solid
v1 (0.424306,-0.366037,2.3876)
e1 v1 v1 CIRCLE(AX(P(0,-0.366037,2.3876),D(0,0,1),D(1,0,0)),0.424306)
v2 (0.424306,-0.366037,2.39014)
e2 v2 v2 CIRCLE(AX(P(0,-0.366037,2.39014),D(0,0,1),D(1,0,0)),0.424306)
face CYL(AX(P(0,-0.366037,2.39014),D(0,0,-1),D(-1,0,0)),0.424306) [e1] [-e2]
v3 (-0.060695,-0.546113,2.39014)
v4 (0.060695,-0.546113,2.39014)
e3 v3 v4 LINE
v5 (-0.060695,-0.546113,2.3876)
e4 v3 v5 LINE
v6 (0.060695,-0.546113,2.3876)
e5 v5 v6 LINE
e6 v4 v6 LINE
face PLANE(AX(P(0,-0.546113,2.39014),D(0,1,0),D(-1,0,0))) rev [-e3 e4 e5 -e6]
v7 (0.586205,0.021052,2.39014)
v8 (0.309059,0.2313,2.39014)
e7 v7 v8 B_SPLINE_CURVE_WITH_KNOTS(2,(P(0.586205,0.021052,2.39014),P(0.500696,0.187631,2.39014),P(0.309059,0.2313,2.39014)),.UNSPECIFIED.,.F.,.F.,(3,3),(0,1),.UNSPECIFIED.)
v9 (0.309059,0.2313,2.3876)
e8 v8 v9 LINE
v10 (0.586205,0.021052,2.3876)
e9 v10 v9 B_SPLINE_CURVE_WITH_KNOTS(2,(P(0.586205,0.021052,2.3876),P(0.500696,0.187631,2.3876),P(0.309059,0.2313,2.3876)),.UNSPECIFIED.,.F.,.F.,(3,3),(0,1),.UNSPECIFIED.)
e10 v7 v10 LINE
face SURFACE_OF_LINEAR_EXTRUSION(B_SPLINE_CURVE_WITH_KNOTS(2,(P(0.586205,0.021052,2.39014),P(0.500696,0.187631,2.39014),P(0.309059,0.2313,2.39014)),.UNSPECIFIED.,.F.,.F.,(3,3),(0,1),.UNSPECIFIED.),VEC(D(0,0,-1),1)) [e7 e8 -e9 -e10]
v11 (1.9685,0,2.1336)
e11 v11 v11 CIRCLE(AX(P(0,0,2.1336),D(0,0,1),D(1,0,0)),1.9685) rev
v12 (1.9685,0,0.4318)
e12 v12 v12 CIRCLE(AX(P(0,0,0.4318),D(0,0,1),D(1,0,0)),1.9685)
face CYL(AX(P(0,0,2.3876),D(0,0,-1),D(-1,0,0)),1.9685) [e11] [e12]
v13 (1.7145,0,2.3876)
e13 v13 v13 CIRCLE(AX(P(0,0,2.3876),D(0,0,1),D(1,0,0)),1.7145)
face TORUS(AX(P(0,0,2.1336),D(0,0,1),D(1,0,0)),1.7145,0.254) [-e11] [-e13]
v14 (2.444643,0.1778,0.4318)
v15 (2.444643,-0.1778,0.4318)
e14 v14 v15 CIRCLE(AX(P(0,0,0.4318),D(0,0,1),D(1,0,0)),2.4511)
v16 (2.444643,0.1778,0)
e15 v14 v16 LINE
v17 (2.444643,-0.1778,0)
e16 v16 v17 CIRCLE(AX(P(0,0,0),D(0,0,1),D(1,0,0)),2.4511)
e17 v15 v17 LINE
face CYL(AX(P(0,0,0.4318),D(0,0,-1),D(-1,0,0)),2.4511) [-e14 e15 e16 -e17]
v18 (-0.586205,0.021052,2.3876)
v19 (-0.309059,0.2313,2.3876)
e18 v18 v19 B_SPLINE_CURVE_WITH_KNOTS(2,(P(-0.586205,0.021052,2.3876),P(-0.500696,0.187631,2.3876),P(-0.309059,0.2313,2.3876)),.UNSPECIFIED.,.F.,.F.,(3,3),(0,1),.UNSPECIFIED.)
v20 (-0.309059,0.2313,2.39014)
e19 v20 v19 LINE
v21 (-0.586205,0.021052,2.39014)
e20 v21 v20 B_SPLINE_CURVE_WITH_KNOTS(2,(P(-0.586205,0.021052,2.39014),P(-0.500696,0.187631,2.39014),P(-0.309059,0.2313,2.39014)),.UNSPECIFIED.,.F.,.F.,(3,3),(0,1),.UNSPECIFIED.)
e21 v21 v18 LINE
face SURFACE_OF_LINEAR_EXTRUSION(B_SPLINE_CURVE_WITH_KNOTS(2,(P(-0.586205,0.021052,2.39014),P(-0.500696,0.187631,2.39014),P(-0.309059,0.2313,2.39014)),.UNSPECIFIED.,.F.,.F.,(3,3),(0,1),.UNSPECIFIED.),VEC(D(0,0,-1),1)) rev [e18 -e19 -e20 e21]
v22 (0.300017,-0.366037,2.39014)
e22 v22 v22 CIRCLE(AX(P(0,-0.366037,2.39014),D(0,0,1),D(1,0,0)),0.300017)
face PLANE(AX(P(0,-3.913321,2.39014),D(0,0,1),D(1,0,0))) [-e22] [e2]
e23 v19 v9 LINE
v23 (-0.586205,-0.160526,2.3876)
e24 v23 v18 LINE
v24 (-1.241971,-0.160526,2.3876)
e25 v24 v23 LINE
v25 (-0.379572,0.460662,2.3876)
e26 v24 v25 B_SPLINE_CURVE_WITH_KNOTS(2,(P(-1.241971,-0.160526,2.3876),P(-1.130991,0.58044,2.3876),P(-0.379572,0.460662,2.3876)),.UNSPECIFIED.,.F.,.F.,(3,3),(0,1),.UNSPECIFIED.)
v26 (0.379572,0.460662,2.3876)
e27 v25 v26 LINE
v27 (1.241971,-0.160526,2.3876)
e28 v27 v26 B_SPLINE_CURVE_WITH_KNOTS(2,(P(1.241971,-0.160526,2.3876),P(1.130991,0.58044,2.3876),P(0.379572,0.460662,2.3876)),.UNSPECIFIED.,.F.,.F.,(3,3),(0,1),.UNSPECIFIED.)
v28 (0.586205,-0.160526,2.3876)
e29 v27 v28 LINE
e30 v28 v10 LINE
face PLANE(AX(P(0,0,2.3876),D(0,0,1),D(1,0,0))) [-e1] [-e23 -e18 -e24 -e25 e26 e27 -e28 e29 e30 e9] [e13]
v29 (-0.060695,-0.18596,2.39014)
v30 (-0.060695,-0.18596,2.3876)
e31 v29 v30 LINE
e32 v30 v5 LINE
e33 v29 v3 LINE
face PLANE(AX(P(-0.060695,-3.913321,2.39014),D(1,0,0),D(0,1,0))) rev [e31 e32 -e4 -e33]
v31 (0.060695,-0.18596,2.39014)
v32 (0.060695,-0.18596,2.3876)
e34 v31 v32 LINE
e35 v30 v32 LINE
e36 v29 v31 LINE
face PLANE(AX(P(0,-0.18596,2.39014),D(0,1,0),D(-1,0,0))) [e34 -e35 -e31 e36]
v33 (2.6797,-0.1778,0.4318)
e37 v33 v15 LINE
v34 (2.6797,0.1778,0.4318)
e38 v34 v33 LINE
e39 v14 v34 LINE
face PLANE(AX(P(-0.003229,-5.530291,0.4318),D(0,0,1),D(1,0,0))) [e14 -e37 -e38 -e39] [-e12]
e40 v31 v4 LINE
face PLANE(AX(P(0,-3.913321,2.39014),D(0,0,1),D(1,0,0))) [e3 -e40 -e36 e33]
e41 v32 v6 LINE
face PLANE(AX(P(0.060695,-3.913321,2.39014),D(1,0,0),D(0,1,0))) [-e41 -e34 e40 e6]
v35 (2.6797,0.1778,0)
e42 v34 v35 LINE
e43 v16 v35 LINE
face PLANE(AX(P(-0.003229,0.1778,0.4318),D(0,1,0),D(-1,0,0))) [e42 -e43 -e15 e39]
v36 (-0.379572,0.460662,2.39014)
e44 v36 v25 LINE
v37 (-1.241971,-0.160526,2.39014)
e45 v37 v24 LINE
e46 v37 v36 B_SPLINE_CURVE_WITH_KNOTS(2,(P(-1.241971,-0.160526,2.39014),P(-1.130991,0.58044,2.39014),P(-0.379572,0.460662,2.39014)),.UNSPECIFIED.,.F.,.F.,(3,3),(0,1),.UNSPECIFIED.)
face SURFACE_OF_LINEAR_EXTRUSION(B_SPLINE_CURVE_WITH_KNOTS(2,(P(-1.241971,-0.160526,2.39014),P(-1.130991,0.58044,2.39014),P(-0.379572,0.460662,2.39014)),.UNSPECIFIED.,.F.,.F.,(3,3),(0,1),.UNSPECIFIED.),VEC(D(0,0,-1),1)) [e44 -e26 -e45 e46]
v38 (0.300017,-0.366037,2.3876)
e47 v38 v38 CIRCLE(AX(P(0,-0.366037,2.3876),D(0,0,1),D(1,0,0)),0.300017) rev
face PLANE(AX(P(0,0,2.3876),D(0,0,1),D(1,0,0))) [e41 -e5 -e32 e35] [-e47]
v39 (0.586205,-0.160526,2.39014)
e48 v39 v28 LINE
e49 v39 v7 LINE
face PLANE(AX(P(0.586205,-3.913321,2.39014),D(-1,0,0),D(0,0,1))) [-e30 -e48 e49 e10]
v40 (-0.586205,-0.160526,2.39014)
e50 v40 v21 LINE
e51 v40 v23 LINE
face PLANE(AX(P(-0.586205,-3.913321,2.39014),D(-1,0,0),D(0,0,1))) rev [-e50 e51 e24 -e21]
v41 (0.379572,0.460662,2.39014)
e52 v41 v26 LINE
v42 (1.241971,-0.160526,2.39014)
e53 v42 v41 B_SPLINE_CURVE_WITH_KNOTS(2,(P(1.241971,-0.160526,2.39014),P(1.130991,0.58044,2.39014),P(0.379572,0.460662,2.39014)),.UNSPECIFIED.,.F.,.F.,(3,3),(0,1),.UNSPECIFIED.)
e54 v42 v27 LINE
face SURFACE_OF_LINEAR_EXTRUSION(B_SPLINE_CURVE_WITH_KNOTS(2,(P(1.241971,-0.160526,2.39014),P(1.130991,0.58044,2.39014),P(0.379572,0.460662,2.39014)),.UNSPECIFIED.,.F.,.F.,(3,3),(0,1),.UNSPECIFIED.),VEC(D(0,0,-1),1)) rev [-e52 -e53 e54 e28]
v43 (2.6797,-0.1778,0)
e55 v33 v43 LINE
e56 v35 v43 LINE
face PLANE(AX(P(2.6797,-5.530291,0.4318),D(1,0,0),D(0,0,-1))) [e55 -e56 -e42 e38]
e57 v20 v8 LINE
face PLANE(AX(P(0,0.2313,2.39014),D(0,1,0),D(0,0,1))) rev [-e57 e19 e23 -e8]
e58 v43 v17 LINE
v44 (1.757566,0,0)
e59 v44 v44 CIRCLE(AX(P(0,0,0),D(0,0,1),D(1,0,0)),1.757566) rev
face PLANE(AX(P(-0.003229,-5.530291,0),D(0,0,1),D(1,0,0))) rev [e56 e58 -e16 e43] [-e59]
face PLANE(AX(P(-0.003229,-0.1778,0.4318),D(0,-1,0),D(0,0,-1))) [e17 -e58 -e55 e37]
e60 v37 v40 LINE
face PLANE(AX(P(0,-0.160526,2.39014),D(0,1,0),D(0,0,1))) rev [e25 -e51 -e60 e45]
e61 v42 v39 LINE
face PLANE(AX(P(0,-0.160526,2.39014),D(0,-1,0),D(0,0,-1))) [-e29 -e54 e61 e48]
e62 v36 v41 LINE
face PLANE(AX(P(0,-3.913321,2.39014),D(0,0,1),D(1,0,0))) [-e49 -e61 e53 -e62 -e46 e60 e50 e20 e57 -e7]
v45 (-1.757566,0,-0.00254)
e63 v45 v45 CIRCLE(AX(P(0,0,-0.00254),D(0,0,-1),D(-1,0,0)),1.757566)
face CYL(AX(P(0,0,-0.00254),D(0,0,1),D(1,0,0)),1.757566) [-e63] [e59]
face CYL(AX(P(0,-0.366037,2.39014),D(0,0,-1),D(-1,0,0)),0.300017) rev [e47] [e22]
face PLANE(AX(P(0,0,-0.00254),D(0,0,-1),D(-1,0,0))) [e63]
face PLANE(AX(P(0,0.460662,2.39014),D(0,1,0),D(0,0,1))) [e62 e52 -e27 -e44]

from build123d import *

# Parameters (mm, degrees)
BOSS_EXTRUDE1_DEPTH = 0.4318
SKETCH2_R           = 1.9685
BOSS_EXTRUDE2_DEPTH = 1.9558
SKETCH3_R           = 1.757566481
BOSS_EXTRUDE3_DEPTH = 0.00254
FILLET1_R           = 0.254
SKETCH4_R           = 0.424306482
SKETCH4_R_2         = 0.300017148
SKETCH4_W           = 0.121389708
SKETCH4_H           = 0.360153111
BOSS_EXTRUDE6_DEPTH = 0.00254


with BuildPart() as part:
    # Sketch1 → Boss-Extrude1 (new body)
    with BuildSketch(Plane.XY):
        with BuildLine():
            Line((2.6797, 0.1778), (2.4511, 0.1778))
            Line((2.4511, 0.1778), (2.44464279, 0.1778))
            ThreePointArc((2.44464279, 0.1778), (-2.4511, 0), (2.44464279, -0.1778))
            Line((2.44464279, -0.1778), (2.4511, -0.1778))
            Line((2.4511, -0.1778), (2.6797, -0.1778))
            Line((2.6797, -0.1778), (2.6797, 0.1778))
        make_face()
    extrude(amount=BOSS_EXTRUDE1_DEPTH)

    # Sketch2 → Boss-Extrude2 (add)
    with BuildSketch(Plane.XY.offset(0.4318)):
        Circle(SKETCH2_R)
    extrude(amount=BOSS_EXTRUDE2_DEPTH)

    # Sketch3 → Boss-Extrude3 (add)
    with BuildSketch(Plane(origin=(0, 0, 0), x_dir=(-1, 0, 0), z_dir=(0, 0, -1))):
        Circle(SKETCH3_R)
    extrude(amount=BOSS_EXTRUDE3_DEPTH)

    # Fillet1
    fillet1_edges = [part.edges().sort_by_distance(p)[0] for p in [
        (-1.9685, 0, 2.3876),
    ]]
    fillet(fillet1_edges, radius=FILLET1_R)

    # Sketch4 → Boss-Extrude6 (add)
    with BuildSketch(Plane.XY.offset(2.3876)):
        with Locations((0, -0.366036865)):
            Circle(SKETCH4_R)
        with Locations((0, -0.366036865)):
            Circle(SKETCH4_R_2, mode=Mode.SUBTRACT)
        with Locations((0, -0.366036865)):
            Rectangle(SKETCH4_W, SKETCH4_H)
        with BuildLine():
            add(Edge.make_bspline(
                [(0.586204822, 0.021051911), (0.500696389, 0.187631338), (0.309059488, 0.231300095)],
                knots=[0, 0, 0, 1, 1, 1], degree=2))
            Line((0.309059488, 0.231300095), (-0.309059488, 0.231300095))
            add(Edge.make_bspline(
                [(-0.586204822, 0.021051911), (-0.500696389, 0.187631338), (-0.309059488, 0.231300095)],
                knots=[0, 0, 0, 1, 1, 1], degree=2))
            Line((-0.586204822, 0.021051911), (-0.586204822, -0.160526067))
            Line((-0.586204822, -0.160526067), (-1.241971444, -0.160526067))
            add(Edge.make_bspline(
                [(-1.241971444, -0.160526067), (-1.130990503, 0.580439961), (-0.379571619, 0.460661751)],
                knots=[0, 0, 0, 1, 1, 1], degree=2))
            Line((-0.379571619, 0.460661751), (0.379571619, 0.460661751))
            add(Edge.make_bspline(
                [(1.241971444, -0.160526067), (1.130990503, 0.580439961), (0.379571619, 0.460661751)],
                knots=[0, 0, 0, 1, 1, 1], degree=2))
            Line((1.241971444, -0.160526067), (0.586204822, -0.160526067))
            Line((0.586204822, -0.160526067), (0.586204822, 0.021051911))
        make_face()
    extrude(amount=BOSS_EXTRUDE6_DEPTH)


solid = part.part
